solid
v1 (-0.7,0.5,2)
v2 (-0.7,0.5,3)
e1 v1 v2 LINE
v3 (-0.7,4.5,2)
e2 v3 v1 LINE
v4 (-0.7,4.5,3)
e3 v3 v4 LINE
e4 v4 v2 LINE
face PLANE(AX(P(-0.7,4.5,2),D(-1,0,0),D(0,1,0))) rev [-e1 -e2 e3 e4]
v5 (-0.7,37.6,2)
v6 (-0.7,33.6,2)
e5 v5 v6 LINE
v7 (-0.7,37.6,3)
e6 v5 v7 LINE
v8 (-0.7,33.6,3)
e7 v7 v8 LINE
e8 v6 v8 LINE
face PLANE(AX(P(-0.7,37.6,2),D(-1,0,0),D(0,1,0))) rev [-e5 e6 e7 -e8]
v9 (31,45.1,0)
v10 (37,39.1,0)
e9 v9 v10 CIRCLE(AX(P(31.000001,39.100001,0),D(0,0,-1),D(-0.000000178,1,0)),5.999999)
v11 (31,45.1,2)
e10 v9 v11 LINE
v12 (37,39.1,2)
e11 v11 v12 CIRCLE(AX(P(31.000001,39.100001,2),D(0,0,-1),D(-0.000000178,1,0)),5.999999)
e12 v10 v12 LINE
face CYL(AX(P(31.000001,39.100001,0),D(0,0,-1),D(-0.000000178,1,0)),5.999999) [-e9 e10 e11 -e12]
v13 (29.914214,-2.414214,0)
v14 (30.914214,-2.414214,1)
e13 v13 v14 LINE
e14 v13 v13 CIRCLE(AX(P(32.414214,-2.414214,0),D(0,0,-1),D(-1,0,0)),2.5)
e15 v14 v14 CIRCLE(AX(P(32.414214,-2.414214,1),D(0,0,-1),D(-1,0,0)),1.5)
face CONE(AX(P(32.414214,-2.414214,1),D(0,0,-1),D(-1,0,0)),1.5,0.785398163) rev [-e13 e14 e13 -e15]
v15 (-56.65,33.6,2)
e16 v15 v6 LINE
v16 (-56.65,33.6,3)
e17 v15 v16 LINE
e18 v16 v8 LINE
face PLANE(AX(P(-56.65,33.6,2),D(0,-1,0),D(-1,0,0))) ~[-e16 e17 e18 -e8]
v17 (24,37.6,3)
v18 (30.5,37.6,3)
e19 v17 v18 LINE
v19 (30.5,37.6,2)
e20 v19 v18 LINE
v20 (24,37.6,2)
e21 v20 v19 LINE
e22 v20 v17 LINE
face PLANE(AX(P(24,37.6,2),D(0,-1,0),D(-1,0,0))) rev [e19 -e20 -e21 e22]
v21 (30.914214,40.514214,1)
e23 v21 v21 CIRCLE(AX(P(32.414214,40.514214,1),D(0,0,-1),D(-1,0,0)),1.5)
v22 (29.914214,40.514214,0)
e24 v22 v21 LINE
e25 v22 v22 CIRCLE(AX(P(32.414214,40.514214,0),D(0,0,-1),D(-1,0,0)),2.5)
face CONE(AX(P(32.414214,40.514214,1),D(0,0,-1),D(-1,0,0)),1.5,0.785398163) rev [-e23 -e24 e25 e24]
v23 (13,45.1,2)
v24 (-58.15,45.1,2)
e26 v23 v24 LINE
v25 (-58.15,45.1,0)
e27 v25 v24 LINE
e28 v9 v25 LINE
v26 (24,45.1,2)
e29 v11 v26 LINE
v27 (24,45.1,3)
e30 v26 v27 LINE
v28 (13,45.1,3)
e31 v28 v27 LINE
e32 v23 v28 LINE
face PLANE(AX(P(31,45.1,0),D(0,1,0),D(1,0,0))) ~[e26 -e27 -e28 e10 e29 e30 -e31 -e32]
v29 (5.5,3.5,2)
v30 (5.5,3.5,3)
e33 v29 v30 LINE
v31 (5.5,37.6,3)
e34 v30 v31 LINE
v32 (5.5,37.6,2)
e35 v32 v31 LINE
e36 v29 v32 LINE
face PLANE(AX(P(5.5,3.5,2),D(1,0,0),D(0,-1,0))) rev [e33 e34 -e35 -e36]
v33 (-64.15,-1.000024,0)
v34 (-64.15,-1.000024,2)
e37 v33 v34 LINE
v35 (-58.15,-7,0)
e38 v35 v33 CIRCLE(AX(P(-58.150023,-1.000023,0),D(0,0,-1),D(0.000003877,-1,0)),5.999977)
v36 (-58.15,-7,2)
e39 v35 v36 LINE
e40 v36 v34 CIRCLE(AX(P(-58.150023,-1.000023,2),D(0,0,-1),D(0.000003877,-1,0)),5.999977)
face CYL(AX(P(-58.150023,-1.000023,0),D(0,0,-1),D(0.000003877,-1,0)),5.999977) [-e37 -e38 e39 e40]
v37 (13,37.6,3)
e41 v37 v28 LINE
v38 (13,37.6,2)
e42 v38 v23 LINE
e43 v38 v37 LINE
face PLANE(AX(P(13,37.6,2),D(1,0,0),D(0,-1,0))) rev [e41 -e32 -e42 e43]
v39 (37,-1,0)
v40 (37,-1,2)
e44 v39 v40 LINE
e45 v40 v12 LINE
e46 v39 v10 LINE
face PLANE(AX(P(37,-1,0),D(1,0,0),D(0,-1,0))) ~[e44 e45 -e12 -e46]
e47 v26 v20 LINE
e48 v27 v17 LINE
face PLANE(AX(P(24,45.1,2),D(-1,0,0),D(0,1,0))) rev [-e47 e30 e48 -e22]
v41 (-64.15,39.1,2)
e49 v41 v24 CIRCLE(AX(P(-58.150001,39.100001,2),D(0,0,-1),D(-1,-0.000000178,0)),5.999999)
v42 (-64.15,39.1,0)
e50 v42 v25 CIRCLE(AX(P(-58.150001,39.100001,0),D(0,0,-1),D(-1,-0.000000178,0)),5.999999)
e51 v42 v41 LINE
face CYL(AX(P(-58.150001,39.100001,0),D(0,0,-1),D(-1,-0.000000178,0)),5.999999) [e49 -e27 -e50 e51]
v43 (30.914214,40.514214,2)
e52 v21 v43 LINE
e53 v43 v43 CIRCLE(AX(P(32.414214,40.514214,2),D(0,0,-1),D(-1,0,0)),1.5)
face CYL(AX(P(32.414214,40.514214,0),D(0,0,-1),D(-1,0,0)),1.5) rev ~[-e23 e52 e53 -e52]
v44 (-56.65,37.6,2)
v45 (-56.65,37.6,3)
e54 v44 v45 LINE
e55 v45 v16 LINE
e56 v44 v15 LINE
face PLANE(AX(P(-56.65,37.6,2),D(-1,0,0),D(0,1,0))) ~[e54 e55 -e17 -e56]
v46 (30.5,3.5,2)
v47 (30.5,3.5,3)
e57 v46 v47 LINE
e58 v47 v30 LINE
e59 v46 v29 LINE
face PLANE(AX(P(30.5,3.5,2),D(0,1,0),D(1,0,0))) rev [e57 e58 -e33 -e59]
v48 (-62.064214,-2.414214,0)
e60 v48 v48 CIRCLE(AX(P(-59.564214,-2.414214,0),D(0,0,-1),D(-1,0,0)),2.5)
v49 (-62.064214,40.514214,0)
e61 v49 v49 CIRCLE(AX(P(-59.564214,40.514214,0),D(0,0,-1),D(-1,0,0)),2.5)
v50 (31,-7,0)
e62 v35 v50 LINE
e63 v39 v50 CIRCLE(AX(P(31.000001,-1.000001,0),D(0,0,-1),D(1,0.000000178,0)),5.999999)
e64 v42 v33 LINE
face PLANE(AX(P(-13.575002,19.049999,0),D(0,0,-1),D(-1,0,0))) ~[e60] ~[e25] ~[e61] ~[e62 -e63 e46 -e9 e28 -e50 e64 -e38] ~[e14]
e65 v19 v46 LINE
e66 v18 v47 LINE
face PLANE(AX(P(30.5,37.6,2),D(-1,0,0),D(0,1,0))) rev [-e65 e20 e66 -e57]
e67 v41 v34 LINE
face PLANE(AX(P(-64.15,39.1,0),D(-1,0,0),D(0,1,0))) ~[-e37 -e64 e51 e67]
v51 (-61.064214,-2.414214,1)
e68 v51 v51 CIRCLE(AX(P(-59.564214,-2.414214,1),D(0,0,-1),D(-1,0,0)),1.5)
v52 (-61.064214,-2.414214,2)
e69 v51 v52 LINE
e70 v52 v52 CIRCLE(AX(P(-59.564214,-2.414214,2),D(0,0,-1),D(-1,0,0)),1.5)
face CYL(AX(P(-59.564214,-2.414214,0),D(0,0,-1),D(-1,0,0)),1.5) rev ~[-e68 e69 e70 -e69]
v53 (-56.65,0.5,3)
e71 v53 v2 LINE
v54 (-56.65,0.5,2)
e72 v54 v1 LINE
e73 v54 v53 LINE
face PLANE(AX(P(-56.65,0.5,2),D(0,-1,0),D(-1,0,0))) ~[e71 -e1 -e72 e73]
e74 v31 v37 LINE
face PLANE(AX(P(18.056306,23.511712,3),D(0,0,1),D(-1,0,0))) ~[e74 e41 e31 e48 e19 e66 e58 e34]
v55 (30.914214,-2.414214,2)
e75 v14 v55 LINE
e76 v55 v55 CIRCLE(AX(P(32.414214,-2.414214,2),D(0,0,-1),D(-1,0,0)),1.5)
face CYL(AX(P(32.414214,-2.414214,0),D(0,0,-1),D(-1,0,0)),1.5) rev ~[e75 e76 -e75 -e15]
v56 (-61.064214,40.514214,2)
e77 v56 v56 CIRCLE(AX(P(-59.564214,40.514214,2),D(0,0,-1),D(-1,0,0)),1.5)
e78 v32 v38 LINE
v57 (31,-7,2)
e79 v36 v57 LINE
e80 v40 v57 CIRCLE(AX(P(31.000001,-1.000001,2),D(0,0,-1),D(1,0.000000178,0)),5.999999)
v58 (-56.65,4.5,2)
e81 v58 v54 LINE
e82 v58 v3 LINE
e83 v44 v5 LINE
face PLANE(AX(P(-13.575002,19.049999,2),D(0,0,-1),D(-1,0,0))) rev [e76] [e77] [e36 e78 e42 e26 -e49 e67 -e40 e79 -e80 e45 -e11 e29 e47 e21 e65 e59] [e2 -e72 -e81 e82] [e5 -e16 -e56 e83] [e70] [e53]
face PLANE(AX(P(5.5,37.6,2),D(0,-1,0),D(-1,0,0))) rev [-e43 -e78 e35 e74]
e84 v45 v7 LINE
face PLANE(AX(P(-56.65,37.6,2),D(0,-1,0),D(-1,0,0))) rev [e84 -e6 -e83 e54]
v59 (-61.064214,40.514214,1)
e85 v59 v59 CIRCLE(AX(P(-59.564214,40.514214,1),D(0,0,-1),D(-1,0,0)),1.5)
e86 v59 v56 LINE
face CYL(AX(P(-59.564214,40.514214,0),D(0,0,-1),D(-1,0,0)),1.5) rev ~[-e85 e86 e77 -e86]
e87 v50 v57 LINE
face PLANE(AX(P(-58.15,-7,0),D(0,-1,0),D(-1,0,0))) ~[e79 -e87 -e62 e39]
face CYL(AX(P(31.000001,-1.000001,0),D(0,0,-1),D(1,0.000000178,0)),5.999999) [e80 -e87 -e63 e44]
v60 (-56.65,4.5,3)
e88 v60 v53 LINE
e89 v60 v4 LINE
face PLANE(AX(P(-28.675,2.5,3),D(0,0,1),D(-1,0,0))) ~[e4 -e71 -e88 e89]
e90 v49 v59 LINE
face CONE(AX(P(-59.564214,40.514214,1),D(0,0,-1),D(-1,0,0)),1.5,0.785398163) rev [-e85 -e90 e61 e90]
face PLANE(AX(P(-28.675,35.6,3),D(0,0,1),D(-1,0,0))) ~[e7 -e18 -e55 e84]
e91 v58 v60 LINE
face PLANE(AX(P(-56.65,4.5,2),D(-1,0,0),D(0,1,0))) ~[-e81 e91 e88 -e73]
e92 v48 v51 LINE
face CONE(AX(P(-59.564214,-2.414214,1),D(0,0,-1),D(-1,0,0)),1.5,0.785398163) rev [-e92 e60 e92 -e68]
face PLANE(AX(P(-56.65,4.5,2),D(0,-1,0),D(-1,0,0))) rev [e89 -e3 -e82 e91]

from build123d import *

# Parameters (mm, degrees)
SKETCH019_R     = 1.5
PAD009_DEPTH    = 2
SKETCH020_W     = 55.95
SKETCH020_H     = 4
PAD010_DEPTH    = 1
CHAMFER002_SIZE = 1


with BuildPart() as esp_macropad_bottom:
    # Sketch019 → Pad009 (new body)
    with BuildSketch(Plane(origin=(0, 0, 0), x_dir=(-1, 0, 0), z_dir=(0, 0, -1))):
        with BuildLine():
            Line((-31, 45.1), (58.15, 45.1))
            ThreePointArc((64.15, 39.1), (62.392641, 43.342641), (58.15, 45.1))
            Line((64.15, 39.1), (64.15, -1.000024))
            ThreePointArc((58.15, -7), (62.392639, -5.242656), (64.15, -1.000024))
            Line((58.15, -7), (-31, -7))
            ThreePointArc((-37, -1), (-35.242641, -5.242641), (-31, -7))
            Line((-37, -1), (-37, 39.1))
            ThreePointArc((-31, 45.1), (-35.242641, 43.342641), (-37, 39.1))
        make_face()
        with Locations((-32.414214, 40.514214)):
            Circle(SKETCH019_R, mode=Mode.SUBTRACT)
        with Locations((59.564214, 40.514214)):
            Circle(SKETCH019_R, mode=Mode.SUBTRACT)
        with Locations((59.564214, -2.414214)):
            Circle(SKETCH019_R, mode=Mode.SUBTRACT)
        with Locations((-32.414214, -2.414214)):
            Circle(SKETCH019_R, mode=Mode.SUBTRACT)
    extrude(amount=PAD009_DEPTH)

    # Sketch020 (on Face14 of Pad009) → Pad010 (join)
    with BuildSketch(Plane(origin=(0, 0, -2), x_dir=(1, 0, 0), z_dir=(0, 0, -1))):
        with Locations((-28.675, -2.5)):
            Rectangle(SKETCH020_W, SKETCH020_H)
        with Locations((-28.675, -35.6)):
            Rectangle(SKETCH020_W, SKETCH020_H)
        Polygon((5.5, -33.6), (5.5, -37.6), (13, -37.6), (13, -45.1), (24, -45.1), (24, -37.6), (30.5, -37.6), (30.5, -33.6), (30.5, -4.5), (30.5, -3.5), (5.5, -3.5), (5.5, -4.5), align=None)
    extrude(amount=PAD010_DEPTH)

    # Chamfer002
    chamfer002_edges = [esp_macropad_bottom.edges().sort_by_distance(p)[0] for p in [
        (-58.064214, -2.414214, 0),
        (-58.064214, 40.514214, 0),
        (33.914214, 40.514214, 0),
        (33.914214, -2.414214, 0),
    ]]
    chamfer(chamfer002_edges, length=CHAMFER002_SIZE)


with BuildPart() as part_mirroring:
    # Part__Mirroring: instance of ESP-Macropad-Bottom
    add(esp_macropad_bottom.part.mirror(Plane(origin=(0, 0, 0), x_dir=(0, 1, 0), z_dir=(0, 0, 1))))


solid = part_mirroring.part
